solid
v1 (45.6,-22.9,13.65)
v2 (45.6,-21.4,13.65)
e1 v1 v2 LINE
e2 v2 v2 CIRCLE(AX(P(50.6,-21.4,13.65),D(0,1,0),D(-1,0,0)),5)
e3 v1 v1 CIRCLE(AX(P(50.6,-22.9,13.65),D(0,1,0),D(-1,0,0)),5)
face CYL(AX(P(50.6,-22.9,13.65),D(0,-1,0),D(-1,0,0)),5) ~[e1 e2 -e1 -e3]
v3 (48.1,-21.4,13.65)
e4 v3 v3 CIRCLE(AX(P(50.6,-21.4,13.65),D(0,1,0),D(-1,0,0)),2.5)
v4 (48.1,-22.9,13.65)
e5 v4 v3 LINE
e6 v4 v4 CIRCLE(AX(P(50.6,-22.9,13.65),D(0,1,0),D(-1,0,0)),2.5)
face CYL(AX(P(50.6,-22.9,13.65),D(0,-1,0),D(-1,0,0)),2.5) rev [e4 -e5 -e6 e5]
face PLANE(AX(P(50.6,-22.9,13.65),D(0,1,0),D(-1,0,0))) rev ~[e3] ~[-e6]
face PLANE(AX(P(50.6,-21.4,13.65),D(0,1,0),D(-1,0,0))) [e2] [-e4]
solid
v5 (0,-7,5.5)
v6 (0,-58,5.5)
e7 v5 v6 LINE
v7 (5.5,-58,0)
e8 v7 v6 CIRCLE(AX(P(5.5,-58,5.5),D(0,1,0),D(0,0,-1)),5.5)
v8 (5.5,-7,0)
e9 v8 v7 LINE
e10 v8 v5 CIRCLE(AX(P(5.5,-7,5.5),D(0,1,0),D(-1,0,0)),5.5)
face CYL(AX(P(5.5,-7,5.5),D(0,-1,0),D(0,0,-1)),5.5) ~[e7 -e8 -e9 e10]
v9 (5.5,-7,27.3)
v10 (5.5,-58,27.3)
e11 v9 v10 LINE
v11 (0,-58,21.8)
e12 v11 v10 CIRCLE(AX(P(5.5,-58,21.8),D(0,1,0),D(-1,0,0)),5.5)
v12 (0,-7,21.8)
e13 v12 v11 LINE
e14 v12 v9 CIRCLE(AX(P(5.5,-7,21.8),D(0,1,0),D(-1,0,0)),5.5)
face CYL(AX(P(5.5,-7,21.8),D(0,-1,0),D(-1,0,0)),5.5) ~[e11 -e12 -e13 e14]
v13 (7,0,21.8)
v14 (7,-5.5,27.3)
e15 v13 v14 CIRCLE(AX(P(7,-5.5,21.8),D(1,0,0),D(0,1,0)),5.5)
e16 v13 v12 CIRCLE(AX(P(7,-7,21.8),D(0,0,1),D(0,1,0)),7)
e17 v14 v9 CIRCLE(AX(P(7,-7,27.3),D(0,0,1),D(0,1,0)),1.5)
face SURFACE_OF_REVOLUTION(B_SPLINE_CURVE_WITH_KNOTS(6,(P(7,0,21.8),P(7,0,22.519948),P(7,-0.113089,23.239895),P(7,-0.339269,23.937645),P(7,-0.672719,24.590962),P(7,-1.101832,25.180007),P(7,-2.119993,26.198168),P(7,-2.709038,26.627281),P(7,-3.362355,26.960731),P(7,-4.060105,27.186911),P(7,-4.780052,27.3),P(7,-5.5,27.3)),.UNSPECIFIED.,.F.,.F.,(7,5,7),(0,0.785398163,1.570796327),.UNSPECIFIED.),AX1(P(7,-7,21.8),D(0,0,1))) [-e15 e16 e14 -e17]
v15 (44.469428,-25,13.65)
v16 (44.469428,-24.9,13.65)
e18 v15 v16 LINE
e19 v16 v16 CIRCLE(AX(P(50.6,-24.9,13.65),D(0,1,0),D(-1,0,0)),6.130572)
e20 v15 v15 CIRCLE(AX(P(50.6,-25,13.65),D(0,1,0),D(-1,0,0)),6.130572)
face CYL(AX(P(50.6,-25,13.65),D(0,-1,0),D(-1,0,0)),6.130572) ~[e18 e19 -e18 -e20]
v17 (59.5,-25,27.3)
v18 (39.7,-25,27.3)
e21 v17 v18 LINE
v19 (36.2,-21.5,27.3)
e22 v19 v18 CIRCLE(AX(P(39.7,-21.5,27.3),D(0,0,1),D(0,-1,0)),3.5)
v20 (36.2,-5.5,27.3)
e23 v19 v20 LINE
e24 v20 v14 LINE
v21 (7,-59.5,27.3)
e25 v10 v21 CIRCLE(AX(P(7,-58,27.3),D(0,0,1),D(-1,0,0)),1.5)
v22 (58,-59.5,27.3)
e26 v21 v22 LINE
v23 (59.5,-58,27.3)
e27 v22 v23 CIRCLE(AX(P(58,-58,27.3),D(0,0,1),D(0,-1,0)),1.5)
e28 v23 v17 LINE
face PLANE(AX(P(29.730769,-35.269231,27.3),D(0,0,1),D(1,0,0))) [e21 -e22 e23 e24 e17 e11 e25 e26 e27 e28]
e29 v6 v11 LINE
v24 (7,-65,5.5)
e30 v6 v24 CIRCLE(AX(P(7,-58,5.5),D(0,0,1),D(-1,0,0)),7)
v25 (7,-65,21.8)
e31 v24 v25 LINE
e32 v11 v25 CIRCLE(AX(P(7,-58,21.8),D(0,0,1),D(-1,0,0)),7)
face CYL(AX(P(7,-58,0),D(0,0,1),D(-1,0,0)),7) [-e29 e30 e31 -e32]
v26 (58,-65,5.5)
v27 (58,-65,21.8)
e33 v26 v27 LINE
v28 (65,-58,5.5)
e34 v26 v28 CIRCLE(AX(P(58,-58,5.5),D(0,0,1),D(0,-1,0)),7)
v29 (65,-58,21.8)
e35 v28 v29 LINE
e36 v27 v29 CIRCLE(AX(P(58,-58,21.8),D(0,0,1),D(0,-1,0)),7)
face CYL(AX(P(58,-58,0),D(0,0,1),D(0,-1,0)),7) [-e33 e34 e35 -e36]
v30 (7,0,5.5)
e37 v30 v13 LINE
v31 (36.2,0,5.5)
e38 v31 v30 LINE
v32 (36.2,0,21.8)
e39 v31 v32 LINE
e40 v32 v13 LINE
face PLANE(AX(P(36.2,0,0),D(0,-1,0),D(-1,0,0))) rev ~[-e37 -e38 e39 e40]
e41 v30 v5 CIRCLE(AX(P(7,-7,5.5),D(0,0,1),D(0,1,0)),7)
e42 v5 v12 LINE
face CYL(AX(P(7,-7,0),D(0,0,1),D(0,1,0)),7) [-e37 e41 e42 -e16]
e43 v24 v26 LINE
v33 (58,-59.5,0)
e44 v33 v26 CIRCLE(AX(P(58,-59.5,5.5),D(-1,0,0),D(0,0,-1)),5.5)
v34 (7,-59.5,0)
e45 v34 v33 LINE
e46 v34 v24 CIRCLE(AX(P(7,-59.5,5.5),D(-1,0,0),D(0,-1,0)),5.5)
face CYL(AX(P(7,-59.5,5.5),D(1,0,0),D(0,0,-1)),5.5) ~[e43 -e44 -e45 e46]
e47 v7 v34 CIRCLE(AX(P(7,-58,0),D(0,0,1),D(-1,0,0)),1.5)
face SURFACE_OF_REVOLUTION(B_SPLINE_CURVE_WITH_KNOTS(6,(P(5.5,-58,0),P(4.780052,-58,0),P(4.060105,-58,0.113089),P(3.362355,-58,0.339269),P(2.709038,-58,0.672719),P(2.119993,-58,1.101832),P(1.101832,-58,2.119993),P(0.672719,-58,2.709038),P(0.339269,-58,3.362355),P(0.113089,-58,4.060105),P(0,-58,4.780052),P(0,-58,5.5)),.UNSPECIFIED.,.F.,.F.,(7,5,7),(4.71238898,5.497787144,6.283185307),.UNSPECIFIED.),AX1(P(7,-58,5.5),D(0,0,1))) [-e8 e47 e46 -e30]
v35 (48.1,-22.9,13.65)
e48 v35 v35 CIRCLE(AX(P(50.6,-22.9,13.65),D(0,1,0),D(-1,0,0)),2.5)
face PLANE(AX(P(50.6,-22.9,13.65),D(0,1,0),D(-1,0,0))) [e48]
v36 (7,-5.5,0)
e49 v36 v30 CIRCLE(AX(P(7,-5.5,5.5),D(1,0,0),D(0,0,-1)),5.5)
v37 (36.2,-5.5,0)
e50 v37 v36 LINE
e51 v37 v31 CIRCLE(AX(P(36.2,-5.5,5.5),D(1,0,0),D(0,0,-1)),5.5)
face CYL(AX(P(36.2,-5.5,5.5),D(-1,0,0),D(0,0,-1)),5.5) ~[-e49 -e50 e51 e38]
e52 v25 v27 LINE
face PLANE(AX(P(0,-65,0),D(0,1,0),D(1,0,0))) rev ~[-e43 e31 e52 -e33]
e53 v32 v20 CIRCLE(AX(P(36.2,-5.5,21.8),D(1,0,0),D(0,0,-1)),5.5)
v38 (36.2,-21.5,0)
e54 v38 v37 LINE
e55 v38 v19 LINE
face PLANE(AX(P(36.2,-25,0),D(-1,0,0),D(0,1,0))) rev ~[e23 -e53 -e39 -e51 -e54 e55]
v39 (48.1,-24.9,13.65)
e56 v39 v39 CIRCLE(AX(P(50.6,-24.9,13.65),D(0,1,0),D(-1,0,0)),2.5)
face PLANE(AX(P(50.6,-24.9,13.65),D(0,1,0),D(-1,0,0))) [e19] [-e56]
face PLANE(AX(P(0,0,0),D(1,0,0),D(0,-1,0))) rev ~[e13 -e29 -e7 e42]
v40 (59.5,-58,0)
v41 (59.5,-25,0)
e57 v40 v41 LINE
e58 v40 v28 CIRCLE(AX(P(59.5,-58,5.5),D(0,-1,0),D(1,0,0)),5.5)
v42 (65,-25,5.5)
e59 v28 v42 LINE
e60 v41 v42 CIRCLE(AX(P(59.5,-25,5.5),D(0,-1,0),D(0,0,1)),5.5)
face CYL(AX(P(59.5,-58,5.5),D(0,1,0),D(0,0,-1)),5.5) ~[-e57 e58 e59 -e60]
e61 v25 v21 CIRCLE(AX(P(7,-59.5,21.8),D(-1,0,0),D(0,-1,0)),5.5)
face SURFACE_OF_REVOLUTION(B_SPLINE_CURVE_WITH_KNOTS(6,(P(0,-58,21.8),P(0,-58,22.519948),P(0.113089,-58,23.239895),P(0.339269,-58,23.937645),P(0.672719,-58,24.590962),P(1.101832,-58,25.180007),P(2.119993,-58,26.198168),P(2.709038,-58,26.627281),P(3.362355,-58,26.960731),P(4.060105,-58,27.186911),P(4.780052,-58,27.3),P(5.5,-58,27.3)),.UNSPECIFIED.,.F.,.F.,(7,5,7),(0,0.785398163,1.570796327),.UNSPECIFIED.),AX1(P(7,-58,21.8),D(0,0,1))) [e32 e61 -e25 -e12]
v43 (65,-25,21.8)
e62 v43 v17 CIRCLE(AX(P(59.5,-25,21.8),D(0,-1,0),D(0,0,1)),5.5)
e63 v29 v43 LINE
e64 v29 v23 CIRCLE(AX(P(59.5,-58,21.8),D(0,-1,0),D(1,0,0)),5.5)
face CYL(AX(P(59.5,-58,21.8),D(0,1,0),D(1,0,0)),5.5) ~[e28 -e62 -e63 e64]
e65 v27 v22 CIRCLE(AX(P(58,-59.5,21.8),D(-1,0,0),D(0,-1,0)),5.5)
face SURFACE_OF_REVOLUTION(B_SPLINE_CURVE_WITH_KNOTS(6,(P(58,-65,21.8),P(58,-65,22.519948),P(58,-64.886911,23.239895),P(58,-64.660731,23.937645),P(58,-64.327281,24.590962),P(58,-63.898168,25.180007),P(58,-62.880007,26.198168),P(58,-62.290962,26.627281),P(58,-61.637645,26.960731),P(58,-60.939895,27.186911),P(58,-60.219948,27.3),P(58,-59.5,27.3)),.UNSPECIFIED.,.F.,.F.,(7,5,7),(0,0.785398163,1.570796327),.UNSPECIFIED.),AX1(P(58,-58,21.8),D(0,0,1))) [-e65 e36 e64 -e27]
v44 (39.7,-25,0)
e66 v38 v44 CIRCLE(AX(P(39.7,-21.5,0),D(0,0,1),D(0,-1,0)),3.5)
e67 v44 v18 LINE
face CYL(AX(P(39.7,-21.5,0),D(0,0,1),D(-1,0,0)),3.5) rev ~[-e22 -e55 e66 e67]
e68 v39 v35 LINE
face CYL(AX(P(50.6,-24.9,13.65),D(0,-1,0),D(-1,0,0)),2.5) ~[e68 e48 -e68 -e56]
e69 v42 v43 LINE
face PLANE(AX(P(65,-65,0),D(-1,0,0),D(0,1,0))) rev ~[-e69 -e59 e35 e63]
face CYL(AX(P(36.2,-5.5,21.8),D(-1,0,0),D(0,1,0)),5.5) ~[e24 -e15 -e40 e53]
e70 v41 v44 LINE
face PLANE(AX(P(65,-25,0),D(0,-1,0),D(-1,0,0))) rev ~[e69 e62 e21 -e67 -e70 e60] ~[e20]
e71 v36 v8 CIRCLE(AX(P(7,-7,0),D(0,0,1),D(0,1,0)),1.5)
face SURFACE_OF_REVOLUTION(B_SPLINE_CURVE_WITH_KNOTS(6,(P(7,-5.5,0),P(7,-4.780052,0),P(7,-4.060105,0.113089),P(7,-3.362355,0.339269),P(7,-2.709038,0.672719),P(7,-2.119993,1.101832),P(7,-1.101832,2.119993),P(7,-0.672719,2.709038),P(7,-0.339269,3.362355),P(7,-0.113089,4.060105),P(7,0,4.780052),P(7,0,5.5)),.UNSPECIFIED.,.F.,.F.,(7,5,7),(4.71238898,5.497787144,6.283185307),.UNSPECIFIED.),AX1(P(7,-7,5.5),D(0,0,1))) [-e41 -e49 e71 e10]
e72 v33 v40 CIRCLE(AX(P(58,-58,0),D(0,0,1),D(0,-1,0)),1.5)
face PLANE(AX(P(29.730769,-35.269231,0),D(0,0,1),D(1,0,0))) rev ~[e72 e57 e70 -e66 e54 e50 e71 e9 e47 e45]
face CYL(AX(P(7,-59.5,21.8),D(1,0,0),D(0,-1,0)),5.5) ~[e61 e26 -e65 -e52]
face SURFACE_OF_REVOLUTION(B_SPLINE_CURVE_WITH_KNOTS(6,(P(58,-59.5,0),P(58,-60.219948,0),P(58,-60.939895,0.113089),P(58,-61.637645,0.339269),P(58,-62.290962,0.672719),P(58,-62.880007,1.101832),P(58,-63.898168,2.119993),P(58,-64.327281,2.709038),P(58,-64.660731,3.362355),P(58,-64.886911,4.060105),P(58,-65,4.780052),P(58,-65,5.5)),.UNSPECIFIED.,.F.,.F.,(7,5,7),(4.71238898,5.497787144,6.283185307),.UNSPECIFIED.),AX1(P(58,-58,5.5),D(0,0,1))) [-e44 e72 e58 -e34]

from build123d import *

# Parameters (mm, degrees)
F1_DEPTH  = 27.3
F3_R      = 7
F4_R      = 3.5
F5_R      = 5.5
F2_R      = 6.1305723334
F6_DEPTH  = 0.1
F7_R      = 2.5
F8_DEPTH  = 2
F9_R      = 5
F9_R_2    = 2.5
F10_DEPTH = 1.5


with BuildPart() as f1:
    # F0 (on Top) → F1 (new body)
    with BuildSketch(Plane.XY):
        Polygon((36.2, 0), (0, 0), (0, -65), (65, -65), (65, -25), (36.2, -25), align=None)
    extrude(amount=F1_DEPTH)

    # F3
    f3_edges = [f1.edges().sort_by_distance(p)[0] for p in [
        (0, 0, 13.65),
        (0, -65, 13.65),
        (65, -65, 13.65),
    ]]
    fillet(f3_edges, radius=F3_R)

    # F4
    f4_edges = [f1.edges().sort_by_distance(p)[0] for p in [
        (36.2, -25, 13.65),
    ]]
    fillet(f4_edges, radius=F4_R)

    # F5
    f5_edges = [f1.edges().sort_by_distance(p)[0] for p in [
        (65, -41.5, 0),
        (62.949747, -62.949747, 0),
        (32.5, -65, 0),
        (2.050253, -62.949747, 0),
        (0, -32.5, 0),
        (2.050253, -2.050253, 0),
        (21.6, 0, 0),
        (21.6, 0, 27.3),
        (2.050253, -2.050253, 27.3),
        (0, -32.5, 27.3),
        (2.050253, -62.949747, 27.3),
        (32.5, -65, 27.3),
        (62.949747, -62.949747, 27.3),
        (65, -41.5, 27.3),
    ]]
    fillet(f5_edges, radius=F5_R)

    # F2 (on face) → F6 (join)
    with BuildSketch(Plane(origin=(0, -25, 0), x_dir=(-1, 0, 0), z_dir=(0, 1, 0))):
        with Locations((-50.6, 13.65)):
            Circle(F2_R)
    extrude(amount=F6_DEPTH)

    # F7 (on face) → F8 (join)
    with BuildSketch(Plane(origin=(0, -24.9, 0), x_dir=(-1, 0, 0), z_dir=(0, 1, 0))):
        with Locations((-50.6, 13.65)):
            Circle(F7_R)
    extrude(amount=F8_DEPTH)


with BuildPart() as f10:
    # F9 (on face) → F10 (new body)
    with BuildSketch(Plane(origin=(0, -22.9, 0), x_dir=(-1, 0, 0), z_dir=(0, 1, 0))):
        with Locations((-50.6, 13.65)):
            Circle(F9_R)
        with Locations((-50.6, 13.65)):
            Circle(F9_R_2, mode=Mode.SUBTRACT)
    extrude(amount=F10_DEPTH)


solid = Compound([f1.part, f10.part])
